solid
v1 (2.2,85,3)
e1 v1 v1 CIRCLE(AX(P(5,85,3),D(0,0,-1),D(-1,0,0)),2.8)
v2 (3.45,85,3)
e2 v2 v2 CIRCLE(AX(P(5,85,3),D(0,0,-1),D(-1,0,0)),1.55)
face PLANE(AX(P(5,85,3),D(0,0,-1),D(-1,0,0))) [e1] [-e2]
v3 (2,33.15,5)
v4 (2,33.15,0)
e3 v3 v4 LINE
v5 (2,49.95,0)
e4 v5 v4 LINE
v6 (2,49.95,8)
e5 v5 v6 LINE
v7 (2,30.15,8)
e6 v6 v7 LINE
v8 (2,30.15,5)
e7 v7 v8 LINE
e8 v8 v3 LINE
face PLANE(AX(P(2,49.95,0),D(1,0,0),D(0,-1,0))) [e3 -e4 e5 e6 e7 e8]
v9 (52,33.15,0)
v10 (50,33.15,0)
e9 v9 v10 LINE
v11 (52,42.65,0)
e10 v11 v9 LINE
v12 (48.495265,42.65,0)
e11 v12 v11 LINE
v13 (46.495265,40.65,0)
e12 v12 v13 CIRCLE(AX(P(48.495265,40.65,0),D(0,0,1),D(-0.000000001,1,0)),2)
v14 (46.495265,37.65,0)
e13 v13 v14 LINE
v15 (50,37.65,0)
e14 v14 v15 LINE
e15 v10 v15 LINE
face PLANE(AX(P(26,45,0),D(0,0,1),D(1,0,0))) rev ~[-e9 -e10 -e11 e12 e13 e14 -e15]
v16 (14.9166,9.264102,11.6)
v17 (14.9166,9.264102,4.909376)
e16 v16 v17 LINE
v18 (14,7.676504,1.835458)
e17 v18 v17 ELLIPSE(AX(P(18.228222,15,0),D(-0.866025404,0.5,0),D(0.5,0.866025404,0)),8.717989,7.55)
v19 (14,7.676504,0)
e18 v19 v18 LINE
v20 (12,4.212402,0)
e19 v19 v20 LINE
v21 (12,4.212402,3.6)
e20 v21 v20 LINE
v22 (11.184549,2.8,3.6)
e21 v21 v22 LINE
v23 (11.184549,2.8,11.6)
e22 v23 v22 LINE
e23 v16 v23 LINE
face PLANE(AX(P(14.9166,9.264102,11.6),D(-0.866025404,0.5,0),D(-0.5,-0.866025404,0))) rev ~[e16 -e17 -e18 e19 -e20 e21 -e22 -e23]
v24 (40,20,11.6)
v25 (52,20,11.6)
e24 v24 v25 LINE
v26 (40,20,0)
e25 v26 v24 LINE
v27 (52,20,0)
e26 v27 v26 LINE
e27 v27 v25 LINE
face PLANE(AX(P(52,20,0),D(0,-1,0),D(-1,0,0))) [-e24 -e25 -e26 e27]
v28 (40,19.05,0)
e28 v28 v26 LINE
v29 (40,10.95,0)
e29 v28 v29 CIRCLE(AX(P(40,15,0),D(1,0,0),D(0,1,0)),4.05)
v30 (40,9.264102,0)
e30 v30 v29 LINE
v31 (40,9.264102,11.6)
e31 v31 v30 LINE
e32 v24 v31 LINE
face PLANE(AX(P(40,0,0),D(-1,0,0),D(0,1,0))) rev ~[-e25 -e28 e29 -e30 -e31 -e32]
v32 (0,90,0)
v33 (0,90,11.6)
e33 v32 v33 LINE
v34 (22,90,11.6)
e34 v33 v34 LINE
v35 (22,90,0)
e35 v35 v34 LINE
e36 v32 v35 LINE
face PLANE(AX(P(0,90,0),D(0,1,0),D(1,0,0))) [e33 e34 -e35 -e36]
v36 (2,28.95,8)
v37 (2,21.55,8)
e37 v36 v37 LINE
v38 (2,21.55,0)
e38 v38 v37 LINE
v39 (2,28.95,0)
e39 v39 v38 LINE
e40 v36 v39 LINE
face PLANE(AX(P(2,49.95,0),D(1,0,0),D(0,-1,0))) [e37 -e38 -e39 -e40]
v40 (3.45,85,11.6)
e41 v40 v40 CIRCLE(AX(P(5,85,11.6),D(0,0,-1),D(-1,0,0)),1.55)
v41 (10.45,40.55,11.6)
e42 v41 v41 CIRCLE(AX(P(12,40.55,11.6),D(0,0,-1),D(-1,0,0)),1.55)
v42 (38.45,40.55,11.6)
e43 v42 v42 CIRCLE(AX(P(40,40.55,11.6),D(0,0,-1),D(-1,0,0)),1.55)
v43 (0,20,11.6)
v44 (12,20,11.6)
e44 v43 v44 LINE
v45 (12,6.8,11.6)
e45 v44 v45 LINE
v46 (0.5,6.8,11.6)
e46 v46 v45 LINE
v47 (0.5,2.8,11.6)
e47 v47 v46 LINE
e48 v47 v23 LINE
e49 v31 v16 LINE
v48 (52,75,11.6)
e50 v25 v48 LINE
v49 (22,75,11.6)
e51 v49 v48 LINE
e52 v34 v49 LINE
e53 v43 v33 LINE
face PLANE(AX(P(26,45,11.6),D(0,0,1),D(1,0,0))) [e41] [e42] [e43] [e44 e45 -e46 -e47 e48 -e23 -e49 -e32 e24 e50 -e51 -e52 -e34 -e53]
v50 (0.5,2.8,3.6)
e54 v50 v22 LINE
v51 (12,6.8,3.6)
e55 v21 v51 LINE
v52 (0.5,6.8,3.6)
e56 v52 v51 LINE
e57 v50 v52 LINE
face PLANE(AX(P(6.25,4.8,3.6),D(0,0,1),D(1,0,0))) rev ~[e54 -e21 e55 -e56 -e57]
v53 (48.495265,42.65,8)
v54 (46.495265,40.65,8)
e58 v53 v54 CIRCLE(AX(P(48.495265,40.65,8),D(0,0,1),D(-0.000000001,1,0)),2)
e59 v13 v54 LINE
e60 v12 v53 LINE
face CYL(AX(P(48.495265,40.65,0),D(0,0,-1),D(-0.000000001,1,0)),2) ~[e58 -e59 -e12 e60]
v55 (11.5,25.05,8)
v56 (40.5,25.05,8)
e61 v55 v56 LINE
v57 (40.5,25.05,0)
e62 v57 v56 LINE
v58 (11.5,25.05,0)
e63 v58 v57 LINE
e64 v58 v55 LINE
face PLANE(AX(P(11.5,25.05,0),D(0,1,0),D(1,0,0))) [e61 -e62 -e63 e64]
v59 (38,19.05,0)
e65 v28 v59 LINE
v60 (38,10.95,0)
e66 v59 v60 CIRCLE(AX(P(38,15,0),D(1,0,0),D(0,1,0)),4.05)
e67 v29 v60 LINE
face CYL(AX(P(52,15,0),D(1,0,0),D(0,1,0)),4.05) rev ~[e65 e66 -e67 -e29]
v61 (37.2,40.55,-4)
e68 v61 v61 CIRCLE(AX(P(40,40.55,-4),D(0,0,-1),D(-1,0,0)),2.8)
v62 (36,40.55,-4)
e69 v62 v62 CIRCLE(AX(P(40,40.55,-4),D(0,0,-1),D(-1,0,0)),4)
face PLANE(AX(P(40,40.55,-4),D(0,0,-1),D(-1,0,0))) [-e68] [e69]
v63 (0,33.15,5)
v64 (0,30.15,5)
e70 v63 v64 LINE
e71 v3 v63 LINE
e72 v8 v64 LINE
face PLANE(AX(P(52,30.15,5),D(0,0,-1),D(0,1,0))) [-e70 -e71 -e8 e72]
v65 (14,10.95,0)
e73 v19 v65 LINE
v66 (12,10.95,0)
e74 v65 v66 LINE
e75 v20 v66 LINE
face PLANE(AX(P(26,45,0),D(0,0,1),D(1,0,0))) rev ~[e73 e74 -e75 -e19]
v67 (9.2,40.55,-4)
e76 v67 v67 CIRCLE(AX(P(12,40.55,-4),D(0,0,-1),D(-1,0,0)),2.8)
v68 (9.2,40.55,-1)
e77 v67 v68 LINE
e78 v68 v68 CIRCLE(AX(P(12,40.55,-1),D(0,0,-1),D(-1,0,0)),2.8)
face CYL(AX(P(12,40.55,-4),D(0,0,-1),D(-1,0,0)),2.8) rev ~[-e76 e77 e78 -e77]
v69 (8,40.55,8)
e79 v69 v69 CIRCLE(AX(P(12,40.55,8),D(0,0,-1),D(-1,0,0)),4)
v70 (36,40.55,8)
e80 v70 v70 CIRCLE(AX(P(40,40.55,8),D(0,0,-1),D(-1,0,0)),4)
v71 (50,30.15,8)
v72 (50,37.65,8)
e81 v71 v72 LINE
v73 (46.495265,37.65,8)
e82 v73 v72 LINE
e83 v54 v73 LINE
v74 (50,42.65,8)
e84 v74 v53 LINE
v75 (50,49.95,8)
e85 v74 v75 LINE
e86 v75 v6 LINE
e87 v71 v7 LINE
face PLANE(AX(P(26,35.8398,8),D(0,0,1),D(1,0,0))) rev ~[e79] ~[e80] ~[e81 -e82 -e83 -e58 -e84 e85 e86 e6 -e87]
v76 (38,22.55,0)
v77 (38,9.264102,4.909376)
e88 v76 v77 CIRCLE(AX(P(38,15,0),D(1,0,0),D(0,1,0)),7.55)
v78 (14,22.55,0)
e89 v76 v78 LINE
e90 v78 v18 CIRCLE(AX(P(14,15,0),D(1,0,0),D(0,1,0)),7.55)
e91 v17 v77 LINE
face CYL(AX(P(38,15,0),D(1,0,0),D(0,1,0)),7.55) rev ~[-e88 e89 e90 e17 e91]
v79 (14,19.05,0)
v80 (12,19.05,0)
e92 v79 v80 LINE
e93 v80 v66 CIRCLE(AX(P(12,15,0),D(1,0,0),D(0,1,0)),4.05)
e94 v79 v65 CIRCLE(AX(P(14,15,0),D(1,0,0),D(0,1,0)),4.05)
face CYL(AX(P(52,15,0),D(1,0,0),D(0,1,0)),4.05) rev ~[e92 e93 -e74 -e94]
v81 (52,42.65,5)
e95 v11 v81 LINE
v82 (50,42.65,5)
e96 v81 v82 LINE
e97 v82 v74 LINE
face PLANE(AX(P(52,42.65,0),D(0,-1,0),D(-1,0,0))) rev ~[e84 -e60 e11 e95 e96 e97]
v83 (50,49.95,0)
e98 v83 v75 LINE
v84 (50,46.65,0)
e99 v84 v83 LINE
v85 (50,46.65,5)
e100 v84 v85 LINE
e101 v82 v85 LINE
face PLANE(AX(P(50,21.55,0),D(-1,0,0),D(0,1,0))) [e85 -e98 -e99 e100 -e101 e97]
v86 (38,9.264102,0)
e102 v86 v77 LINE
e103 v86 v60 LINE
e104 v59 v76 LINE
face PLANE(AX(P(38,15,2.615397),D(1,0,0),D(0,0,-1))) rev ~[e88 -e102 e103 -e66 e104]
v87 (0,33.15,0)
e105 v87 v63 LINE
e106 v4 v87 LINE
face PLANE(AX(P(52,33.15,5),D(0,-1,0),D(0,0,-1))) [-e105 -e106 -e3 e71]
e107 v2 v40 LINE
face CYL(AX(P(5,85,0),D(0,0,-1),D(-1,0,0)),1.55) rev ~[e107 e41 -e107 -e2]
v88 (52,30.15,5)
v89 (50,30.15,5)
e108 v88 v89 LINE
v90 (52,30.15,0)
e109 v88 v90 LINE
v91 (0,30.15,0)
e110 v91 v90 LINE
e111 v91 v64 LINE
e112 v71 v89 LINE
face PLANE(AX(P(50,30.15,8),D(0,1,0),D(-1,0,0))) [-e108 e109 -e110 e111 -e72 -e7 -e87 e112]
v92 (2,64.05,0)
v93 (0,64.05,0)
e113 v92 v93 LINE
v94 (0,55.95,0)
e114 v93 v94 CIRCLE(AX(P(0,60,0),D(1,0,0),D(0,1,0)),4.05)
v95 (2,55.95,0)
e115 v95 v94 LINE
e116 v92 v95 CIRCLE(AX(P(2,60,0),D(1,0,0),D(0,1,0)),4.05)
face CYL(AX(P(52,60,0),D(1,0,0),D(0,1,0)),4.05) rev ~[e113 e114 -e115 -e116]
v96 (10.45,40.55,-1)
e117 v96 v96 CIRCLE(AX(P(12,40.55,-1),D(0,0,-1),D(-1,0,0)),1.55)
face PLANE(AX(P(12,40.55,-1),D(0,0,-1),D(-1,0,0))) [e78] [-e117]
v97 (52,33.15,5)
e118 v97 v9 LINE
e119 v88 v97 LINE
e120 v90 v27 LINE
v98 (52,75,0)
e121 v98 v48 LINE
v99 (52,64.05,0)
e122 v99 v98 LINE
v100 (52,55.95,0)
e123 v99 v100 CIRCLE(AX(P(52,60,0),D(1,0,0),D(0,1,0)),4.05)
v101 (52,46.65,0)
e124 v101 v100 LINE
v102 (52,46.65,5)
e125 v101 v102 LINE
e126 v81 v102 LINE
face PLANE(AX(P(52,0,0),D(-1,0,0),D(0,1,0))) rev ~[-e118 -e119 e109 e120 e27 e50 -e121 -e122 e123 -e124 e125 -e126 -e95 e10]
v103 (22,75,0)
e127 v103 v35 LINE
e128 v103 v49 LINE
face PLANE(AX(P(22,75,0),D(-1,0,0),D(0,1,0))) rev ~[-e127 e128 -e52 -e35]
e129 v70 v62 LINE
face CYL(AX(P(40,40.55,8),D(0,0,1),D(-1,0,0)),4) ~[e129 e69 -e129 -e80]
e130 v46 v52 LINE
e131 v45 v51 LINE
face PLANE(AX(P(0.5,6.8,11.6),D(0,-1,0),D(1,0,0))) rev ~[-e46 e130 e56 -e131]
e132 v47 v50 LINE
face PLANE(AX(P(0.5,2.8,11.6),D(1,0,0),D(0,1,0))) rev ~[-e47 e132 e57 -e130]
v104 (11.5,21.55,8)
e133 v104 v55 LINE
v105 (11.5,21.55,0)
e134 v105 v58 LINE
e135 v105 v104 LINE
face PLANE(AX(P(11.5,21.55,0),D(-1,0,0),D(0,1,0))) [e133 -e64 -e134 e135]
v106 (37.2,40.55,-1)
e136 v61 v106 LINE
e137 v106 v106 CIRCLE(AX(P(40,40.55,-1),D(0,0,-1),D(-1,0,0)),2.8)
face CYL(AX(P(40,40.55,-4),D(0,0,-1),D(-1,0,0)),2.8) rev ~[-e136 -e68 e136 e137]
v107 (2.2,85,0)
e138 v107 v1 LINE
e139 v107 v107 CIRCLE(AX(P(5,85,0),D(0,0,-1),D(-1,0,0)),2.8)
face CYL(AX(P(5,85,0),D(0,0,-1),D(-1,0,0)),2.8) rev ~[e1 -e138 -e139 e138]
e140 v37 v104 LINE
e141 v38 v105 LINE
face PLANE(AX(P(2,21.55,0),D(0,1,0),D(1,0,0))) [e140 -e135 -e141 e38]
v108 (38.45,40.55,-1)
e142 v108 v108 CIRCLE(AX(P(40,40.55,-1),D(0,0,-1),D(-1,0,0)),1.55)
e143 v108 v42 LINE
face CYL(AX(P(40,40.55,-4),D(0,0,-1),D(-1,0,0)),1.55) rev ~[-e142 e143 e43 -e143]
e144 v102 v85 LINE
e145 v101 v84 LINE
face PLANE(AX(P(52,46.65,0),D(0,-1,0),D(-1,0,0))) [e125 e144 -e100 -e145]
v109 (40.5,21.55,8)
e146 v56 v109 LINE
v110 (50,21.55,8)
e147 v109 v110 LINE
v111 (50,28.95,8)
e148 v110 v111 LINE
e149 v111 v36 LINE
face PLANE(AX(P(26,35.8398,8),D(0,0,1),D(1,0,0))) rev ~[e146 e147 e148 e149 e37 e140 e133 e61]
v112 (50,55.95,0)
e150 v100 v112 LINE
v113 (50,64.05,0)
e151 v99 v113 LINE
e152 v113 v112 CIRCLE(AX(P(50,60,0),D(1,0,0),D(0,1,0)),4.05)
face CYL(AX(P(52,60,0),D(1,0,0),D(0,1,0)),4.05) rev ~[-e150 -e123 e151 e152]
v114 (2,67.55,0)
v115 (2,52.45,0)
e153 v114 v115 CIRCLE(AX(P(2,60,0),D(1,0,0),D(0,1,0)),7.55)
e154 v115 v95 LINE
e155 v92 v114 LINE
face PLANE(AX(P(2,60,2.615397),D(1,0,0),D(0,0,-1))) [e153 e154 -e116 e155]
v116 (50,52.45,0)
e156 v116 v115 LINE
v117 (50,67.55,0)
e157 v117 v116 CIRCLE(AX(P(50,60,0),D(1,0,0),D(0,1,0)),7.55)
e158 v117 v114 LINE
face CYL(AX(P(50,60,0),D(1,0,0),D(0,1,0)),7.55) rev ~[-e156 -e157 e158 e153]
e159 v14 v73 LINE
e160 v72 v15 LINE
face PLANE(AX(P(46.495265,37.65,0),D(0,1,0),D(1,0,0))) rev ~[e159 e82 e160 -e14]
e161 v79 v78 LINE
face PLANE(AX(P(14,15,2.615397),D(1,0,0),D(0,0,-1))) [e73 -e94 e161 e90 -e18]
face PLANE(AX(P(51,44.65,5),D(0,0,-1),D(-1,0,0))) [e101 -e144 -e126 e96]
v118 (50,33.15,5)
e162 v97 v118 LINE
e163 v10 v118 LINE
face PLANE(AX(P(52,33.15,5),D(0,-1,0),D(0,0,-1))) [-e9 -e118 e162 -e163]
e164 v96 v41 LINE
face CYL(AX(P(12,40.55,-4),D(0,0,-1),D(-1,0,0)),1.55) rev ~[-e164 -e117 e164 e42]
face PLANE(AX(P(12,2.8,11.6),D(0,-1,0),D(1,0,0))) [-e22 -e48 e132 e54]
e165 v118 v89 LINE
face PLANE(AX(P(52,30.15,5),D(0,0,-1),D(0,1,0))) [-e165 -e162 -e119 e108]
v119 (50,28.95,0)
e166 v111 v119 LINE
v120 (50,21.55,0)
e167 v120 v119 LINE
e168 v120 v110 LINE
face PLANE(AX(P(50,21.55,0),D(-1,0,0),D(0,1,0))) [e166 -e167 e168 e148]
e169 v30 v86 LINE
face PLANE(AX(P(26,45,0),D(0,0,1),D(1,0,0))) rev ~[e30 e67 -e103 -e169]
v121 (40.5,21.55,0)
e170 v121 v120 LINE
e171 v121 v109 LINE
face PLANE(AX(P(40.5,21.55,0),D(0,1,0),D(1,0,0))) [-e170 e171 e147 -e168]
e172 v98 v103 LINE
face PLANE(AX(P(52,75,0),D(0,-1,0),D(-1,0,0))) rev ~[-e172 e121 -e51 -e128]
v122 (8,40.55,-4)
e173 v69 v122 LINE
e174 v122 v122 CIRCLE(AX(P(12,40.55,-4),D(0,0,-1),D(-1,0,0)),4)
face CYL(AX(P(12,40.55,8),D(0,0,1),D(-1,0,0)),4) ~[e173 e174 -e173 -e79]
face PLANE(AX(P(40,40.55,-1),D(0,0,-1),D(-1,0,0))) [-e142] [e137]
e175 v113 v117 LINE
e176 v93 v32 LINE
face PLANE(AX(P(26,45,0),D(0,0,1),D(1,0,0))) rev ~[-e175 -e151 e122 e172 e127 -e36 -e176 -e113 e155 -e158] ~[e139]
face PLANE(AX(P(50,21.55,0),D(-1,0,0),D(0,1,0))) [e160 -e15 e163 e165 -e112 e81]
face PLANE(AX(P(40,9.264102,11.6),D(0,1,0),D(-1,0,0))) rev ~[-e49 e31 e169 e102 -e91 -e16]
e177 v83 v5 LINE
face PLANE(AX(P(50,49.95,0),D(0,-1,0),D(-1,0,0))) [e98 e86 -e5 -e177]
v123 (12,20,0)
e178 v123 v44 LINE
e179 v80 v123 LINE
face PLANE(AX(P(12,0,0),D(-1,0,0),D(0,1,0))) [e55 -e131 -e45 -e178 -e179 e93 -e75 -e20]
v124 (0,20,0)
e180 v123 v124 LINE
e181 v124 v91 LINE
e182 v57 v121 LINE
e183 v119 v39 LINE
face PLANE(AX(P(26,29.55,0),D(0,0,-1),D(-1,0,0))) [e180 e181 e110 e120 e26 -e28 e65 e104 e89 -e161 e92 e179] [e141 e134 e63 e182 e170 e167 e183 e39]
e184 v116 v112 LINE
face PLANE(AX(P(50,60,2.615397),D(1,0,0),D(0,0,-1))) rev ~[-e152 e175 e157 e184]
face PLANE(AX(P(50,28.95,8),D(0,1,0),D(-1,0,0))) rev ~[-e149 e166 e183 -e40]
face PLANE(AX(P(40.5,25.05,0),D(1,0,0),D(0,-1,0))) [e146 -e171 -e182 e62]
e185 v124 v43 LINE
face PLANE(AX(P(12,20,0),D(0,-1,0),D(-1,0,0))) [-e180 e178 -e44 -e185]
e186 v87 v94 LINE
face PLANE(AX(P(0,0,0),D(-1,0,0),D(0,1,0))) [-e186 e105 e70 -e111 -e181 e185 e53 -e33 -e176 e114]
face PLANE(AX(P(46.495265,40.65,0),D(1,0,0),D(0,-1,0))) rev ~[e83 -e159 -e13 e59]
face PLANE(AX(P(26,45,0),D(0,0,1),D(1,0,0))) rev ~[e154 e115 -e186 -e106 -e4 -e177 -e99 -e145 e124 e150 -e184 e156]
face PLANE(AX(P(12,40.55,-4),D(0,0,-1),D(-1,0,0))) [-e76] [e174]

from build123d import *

# Parameters (mm, degrees)
CROQUIS1_W              = 52
CROQUIS1_H              = 90
SALIENTE_EXTRUIR1_DEPTH = 11.6
CORTAR_EXTRUIR1_DEPTH   = 48
CORTAR_EXTRUIR2_DEPTH   = 24
CORTAR_EXTRUIR3_DEPTH   = 53
CORTAR_EXTRUIR4_DEPTH   = 53
CORTAR_EXTRUIR7_DEPTH   = 8
CROQUIS7_R              = 4
SALIENTE_EXTRUIR2_DEPTH = 12
CROQUIS8_W              = 2
CROQUIS8_H              = 4
CORTAR_EXTRUIR8_DEPTH   = 5
SALIENTE_EXTRUIR4_DEPTH = 8
CROQUIS10_R             = 1.55
CORTAR_EXTRUIR9_DEPTH   = 16.6
CROQUIS11_R             = 2.8
CROQUIS11_R_2           = 1.55
CORTAR_EXTRUIR10_DEPTH  = 3
CROQUIS12_W             = 5
CROQUIS12_H             = 3
CORTAR_EXTRUIR11_DEPTH  = 53
CROQUIS13_W             = 30
CROQUIS13_H             = 15
CORTAR_EXTRUIR12_DEPTH  = 12
CROQUIS14_R             = 1.55
CORTAR_EXTRUIR13_DEPTH  = 12
CROQUIS14_3_R           = 2.8
CROQUIS14_3_R_2         = 1.55
CORTAR_EXTRUIR14_DEPTH  = 3
CROQUIS15_W             = 48
CROQUIS15_H             = 1.2
SALIENTE_EXTRUIR5_DEPTH = 8
CROQUIS16_W             = 12
CROQUIS16_H             = 20
CORTAR_EXTRUIR15_DEPTH  = 12.6
CROQUIS17_W             = 12
CROQUIS17_H             = 20
CORTAR_EXTRUIR16_DEPTH  = 12.6
CROQUIS18_W             = 11.5
CROQUIS18_H             = 4
SALIENTE_EXTRUIR6_DEPTH = 8
CROQUIS19_R             = 4
SALIENTE_EXTRUIR7_DEPTH = 12
CROQUIS20_R             = 1.55
CORTAR_EXTRUIR17_DEPTH  = 16.6
CROQUIS20_3_R           = 2.8
CROQUIS20_3_R_2         = 1.55
CORTAR_EXTRUIR18_DEPTH  = 3
CROQUIS21_W             = 28
CROQUIS21_H             = 2.8
CORTAR_EXTRUIR19_DEPTH  = 16.6
CORTAR_EXTRUIR20_DEPTH  = 16.6


with BuildPart() as part:
    # Croquis1 → Saliente-Extruir1 (new body)
    with BuildSketch(Plane.XY):
        with Locations((26, 45)):
            Rectangle(CROQUIS1_W, CROQUIS1_H)
    extrude(amount=SALIENTE_EXTRUIR1_DEPTH)

    # Croquis2 → Cortar-Extruir1 (cut)
    with BuildSketch(Plane(origin=(50, 0, 0), x_dir=(0, 0, -1), z_dir=(1, 0, 0))):
        with BuildLine():
            Line((0, 52.45), (0, 67.55))
            ThreePointArc((0, 67.55), (-7.55, 60), (0, 52.45))
        make_face()
    extrude(amount=-CORTAR_EXTRUIR1_DEPTH, mode=Mode.SUBTRACT)

    # Croquis3 → Cortar-Extruir2 (cut)
    with BuildSketch(Plane(origin=(38, 0, 0), x_dir=(0, 0, -1), z_dir=(1, 0, 0))):
        with BuildLine():
            Line((0, 7.45), (0, 22.55))
            ThreePointArc((0, 22.55), (-7.55, 15), (0, 7.45))
        make_face()
    extrude(amount=-CORTAR_EXTRUIR2_DEPTH, mode=Mode.SUBTRACT)

    # Croquis4 → Cortar-Extruir3 (cut, through all)
    with BuildSketch(Plane(origin=(52, 0, 0), x_dir=(0, 0, -1), z_dir=(1, 0, 0))):
        with BuildLine():
            ThreePointArc((0, 64.05), (-4.05, 60), (0, 55.95))
            Line((0, 55.95), (0, 64.05))
        make_face()
        with BuildLine():
            Line((0, 64.05), (0, 55.95))
            ThreePointArc((0, 55.95), (2.863782464, 57.136217536), (4.05, 60))
            ThreePointArc((4.05, 60), (2.863782464, 62.863782464), (0, 64.05))
        make_face()
    extrude(amount=-CORTAR_EXTRUIR3_DEPTH, mode=Mode.SUBTRACT)

    # Croquis5 → Cortar-Extruir4 (cut, through all)
    with BuildSketch(Plane(origin=(52, 0, 0), x_dir=(0, 0, -1), z_dir=(1, 0, 0))):
        with BuildLine():
            ThreePointArc((0, 19.05), (-4.05, 15), (0, 10.95))
            Line((0, 10.95), (0, 19.05))
        make_face()
        with BuildLine():
            Line((0, 19.05), (0, 10.95))
            ThreePointArc((0, 10.95), (2.863782464, 12.136217536), (4.05, 15))
            ThreePointArc((4.05, 15), (2.863782464, 17.863782464), (0, 19.05))
        make_face()
    extrude(amount=-CORTAR_EXTRUIR4_DEPTH, mode=Mode.SUBTRACT)

    # Croquis6 → Cortar-Extruir7 (cut)
    with BuildSketch(Plane(origin=(0, 0, 0), x_dir=(-1, 0, 0), z_dir=(0, 0, -1))):
        Polygon((-2, 49.95), (-2, 21.55), (-11.5, 21.55), (-11.5, 25.05), (-40.5, 25.05), (-40.5, 21.55), (-50, 21.55), (-50, 49.95), align=None)
    extrude(amount=-CORTAR_EXTRUIR7_DEPTH, mode=Mode.SUBTRACT)

    # Croquis7 → Saliente-Extruir2 (add)
    with BuildSketch(Plane(origin=(0, 0, 8), x_dir=(-1, 0, 0), z_dir=(0, 0, -1))):
        with Locations((-40, 40.55)):
            Circle(CROQUIS7_R)
    extrude(amount=SALIENTE_EXTRUIR2_DEPTH)

    # Croquis8 → Cortar-Extruir8 (cut)
    with BuildSketch(Plane(origin=(0, 0, 0), x_dir=(-1, 0, 0), z_dir=(0, 0, -1))):
        with Locations((-51, 44.65)):
            Rectangle(CROQUIS8_W, CROQUIS8_H)
    extrude(amount=-CORTAR_EXTRUIR8_DEPTH, mode=Mode.SUBTRACT)

    # Croquis9 → Saliente-Extruir4 (add)
    with BuildSketch(Plane(origin=(0, 0, 0), x_dir=(-1, 0, 0), z_dir=(0, 0, -1))):
        with BuildLine():
            Line((-52, 42.65), (-48.495265185, 42.65))
            ThreePointArc((-48.495265185, 42.65), (-47.081051623, 42.064213562), (-46.495265185, 40.65))
            Line((-46.495265185, 40.65), (-46.495265185, 37.65))
            Line((-46.495265185, 37.65), (-52, 37.65))
            Line((-52, 37.65), (-52, 42.65))
        make_face()
    extrude(amount=-SALIENTE_EXTRUIR4_DEPTH)

    # Croquis10 → Cortar-Extruir9 (cut, through all)
    with BuildSketch(Plane(origin=(0, 0, -4), x_dir=(-1, 0, 0), z_dir=(0, 0, -1))):
        with Locations((-40, 40.55)):
            Circle(CROQUIS10_R)
    extrude(amount=-CORTAR_EXTRUIR9_DEPTH, mode=Mode.SUBTRACT)

    # Croquis11 → Cortar-Extruir10 (cut)
    with BuildSketch(Plane(origin=(0, 0, -4), x_dir=(-1, 0, 0), z_dir=(0, 0, -1))):
        with Locations((-40, 40.55)):
            Circle(CROQUIS11_R)
        with Locations((-40, 40.55)):
            Circle(CROQUIS11_R_2, mode=Mode.SUBTRACT)
    extrude(amount=-CORTAR_EXTRUIR10_DEPTH, mode=Mode.SUBTRACT)

    # Croquis12 → Cortar-Extruir11 (cut, through all)
    with BuildSketch(Plane(origin=(52, 0, 0), x_dir=(0, 0, -1), z_dir=(1, 0, 0))):
        with Locations((-2.5, 31.65)):
            Rectangle(CROQUIS12_W, CROQUIS12_H)
    extrude(amount=-CORTAR_EXTRUIR11_DEPTH, mode=Mode.SUBTRACT)

    # Croquis13 → Cortar-Extruir12 (cut)
    with BuildSketch(Plane(origin=(0, 0, 0), x_dir=(-1, 0, 0), z_dir=(0, 0, -1))):
        with Locations((-37, 82.5)):
            Rectangle(CROQUIS13_W, CROQUIS13_H)
    extrude(amount=-CORTAR_EXTRUIR12_DEPTH, mode=Mode.SUBTRACT)

    # Croquis14 → Cortar-Extruir13 (cut)
    with BuildSketch(Plane(origin=(0, 0, 0), x_dir=(-1, 0, 0), z_dir=(0, 0, -1))):
        with Locations((-5, 85)):
            Circle(CROQUIS14_R)
    extrude(amount=-CORTAR_EXTRUIR13_DEPTH, mode=Mode.SUBTRACT)

    # Croquis14<3> → Cortar-Extruir14 (cut)
    with BuildSketch(Plane(origin=(0, 0, 0), x_dir=(-1, 0, 0), z_dir=(0, 0, -1))):
        with Locations((-5, 85)):
            Circle(CROQUIS14_3_R)
        with Locations((-5, 85)):
            Circle(CROQUIS14_3_R_2, mode=Mode.SUBTRACT)
    extrude(amount=-CORTAR_EXTRUIR14_DEPTH, mode=Mode.SUBTRACT)

    # Croquis15 → Saliente-Extruir5 (add)
    with BuildSketch(Plane(origin=(0, 0, 8), x_dir=(-1, 0, 0), z_dir=(0, 0, -1))):
        with Locations((-26, 29.55)):
            Rectangle(CROQUIS15_W, CROQUIS15_H)
    extrude(amount=SALIENTE_EXTRUIR5_DEPTH)

    # Croquis16 → Cortar-Extruir15 (cut, through all)
    with BuildSketch(Plane(origin=(0, 0, 0), x_dir=(-1, 0, 0), z_dir=(0, 0, -1))):
        with Locations((-46, 10)):
            Rectangle(CROQUIS16_W, CROQUIS16_H)
    extrude(amount=-CORTAR_EXTRUIR15_DEPTH, mode=Mode.SUBTRACT)

    # Croquis17 → Cortar-Extruir16 (cut, through all)
    with BuildSketch(Plane(origin=(0, 0, 0), x_dir=(-1, 0, 0), z_dir=(0, 0, -1))):
        with Locations((-6, 10)):
            Rectangle(CROQUIS17_W, CROQUIS17_H)
    extrude(amount=-CORTAR_EXTRUIR16_DEPTH, mode=Mode.SUBTRACT)

    # Croquis18 → Saliente-Extruir6 (add)
    with BuildSketch(Plane.XY.offset(11.6)):
        with Locations((6.25, 4.8)):
            Rectangle(CROQUIS18_W, CROQUIS18_H)
    extrude(amount=-SALIENTE_EXTRUIR6_DEPTH)

    # Croquis19 → Saliente-Extruir7 (add)
    with BuildSketch(Plane(origin=(0, 0, 8), x_dir=(-1, 0, 0), z_dir=(0, 0, -1))):
        with Locations((-12, 40.55)):
            Circle(CROQUIS19_R)
    extrude(amount=SALIENTE_EXTRUIR7_DEPTH)

    # Croquis20 → Cortar-Extruir17 (cut, through all)
    with BuildSketch(Plane(origin=(0, 0, -4), x_dir=(-1, 0, 0), z_dir=(0, 0, -1))):
        with Locations((-12, 40.55)):
            Circle(CROQUIS20_R)
    extrude(amount=-CORTAR_EXTRUIR17_DEPTH, mode=Mode.SUBTRACT)

    # Croquis20<3> → Cortar-Extruir18 (cut)
    with BuildSketch(Plane(origin=(0, 0, -4), x_dir=(-1, 0, 0), z_dir=(0, 0, -1))):
        with Locations((-12, 40.55)):
            Circle(CROQUIS20_3_R)
        with Locations((-12, 40.55)):
            Circle(CROQUIS20_3_R_2, mode=Mode.SUBTRACT)
    extrude(amount=-CORTAR_EXTRUIR18_DEPTH, mode=Mode.SUBTRACT)

    # Croquis21 → Cortar-Extruir19 (cut, through all)
    with BuildSketch(Plane.XY.offset(11.6)):
        with Locations((26, 1.4)):
            Rectangle(CROQUIS21_W, CROQUIS21_H)
    extrude(amount=-CORTAR_EXTRUIR19_DEPTH, mode=Mode.SUBTRACT)

    # Croquis22 → Cortar-Extruir20 (cut, through all)
    with BuildSketch(Plane.XY.offset(11.6)):
        Polygon((11.184549083, 2.8), (40, 2.8), (40, 9.264101615), (14.916599891, 9.264101615), align=None)
    extrude(amount=-CORTAR_EXTRUIR20_DEPTH, mode=Mode.SUBTRACT)


solid = part.part
